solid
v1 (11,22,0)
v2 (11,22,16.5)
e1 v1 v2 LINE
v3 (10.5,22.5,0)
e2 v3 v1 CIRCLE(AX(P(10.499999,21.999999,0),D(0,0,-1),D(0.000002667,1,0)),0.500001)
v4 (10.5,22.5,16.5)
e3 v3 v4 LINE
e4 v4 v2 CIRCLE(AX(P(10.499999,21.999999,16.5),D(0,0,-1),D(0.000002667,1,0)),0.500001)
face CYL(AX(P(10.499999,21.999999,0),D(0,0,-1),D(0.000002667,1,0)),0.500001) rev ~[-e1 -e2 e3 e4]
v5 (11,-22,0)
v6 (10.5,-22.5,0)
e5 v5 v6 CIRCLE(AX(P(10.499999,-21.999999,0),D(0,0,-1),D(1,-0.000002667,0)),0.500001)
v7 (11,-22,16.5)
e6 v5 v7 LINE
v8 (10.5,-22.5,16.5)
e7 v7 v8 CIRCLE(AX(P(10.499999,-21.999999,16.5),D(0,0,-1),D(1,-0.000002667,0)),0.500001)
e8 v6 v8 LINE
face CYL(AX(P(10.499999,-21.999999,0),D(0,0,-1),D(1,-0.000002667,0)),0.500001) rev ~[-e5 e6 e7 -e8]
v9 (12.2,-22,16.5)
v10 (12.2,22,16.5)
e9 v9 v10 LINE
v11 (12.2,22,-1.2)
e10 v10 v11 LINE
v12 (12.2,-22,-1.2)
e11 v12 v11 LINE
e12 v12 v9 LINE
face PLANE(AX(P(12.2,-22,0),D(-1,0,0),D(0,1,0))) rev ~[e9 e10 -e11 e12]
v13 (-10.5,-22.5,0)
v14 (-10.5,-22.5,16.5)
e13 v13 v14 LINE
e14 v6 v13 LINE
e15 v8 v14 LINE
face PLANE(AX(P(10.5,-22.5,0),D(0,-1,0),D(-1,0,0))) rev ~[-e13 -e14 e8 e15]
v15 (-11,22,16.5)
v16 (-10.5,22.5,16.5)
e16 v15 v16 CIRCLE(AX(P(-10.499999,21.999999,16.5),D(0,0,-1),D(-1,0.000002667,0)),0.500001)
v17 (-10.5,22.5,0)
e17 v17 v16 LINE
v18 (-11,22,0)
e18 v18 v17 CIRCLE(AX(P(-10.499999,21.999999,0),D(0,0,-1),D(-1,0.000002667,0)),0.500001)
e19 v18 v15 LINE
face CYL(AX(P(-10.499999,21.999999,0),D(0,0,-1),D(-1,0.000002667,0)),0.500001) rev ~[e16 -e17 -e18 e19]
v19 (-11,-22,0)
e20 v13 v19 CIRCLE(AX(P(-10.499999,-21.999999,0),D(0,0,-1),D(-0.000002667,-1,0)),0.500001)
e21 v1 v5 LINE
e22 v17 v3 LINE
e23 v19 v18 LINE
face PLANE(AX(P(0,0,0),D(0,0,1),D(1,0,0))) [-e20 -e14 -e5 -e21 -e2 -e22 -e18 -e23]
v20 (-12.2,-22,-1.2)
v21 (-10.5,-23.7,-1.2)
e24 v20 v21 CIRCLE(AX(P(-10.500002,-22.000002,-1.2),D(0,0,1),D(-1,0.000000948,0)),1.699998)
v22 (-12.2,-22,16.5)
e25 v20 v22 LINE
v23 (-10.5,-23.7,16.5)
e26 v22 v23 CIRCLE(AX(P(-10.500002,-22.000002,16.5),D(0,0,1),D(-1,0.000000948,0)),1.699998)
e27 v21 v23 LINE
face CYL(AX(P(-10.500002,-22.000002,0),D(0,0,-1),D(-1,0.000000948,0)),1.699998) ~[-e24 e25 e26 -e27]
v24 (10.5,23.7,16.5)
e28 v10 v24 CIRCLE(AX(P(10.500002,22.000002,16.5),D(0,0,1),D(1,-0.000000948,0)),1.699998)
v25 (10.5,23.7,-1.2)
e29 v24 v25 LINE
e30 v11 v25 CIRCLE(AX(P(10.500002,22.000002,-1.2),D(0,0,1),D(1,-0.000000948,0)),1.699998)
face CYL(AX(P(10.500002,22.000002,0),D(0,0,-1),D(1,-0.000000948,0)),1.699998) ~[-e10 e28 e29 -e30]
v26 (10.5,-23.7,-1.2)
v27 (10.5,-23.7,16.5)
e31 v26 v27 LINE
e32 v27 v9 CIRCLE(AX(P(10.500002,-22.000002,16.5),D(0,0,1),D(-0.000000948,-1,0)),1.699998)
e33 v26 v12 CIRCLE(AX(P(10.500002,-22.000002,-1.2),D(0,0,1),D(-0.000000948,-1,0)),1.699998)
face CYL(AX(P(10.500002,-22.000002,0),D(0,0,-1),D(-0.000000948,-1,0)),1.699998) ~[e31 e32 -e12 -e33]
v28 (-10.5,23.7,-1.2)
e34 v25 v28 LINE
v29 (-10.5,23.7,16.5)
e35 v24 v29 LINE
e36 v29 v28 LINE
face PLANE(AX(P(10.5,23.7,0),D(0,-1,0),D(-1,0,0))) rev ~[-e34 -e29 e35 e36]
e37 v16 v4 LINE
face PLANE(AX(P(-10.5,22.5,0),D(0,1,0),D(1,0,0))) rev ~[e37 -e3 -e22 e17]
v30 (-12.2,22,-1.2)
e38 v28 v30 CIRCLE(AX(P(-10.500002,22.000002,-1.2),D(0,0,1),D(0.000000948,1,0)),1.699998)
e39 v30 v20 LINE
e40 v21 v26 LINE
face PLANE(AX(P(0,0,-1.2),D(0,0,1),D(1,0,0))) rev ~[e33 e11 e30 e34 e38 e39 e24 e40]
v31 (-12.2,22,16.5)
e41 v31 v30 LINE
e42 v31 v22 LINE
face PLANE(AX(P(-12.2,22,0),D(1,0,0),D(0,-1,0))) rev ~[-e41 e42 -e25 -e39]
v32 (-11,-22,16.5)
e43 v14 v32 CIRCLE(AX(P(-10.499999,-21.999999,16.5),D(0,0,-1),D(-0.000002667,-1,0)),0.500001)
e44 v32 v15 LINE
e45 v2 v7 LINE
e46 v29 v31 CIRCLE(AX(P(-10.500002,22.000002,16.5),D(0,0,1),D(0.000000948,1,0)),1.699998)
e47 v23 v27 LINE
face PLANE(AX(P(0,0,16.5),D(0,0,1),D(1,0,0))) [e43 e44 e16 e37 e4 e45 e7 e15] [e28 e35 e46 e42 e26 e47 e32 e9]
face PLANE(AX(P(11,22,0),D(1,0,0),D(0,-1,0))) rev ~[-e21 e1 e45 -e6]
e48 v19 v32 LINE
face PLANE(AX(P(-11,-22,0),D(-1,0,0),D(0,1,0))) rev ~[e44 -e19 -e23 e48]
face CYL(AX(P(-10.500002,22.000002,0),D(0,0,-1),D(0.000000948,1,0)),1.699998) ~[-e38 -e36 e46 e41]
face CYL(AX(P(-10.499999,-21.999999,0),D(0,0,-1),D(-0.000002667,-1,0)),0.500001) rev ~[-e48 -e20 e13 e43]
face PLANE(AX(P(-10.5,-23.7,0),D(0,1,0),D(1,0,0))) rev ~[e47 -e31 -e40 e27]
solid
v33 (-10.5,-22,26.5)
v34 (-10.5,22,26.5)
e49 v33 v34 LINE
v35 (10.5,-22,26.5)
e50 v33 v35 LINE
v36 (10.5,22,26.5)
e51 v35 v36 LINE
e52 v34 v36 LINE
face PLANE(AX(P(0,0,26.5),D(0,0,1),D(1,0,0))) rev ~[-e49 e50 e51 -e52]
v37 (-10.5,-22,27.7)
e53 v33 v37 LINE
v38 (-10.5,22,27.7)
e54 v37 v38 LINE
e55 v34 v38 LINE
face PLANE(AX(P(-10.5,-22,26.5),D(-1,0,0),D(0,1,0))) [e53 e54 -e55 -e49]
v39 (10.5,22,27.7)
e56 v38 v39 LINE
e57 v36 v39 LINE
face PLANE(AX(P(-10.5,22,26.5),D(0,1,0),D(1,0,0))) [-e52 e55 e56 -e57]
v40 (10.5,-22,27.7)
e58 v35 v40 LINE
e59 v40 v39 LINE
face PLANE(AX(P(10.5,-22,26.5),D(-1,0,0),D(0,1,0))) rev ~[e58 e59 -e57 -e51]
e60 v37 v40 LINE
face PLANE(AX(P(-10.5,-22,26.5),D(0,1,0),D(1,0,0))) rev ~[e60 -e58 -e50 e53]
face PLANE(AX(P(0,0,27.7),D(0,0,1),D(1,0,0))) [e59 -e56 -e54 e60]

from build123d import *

# Parameters (mm, degrees)
F1_DEPTH = 1.2
F2_DEPTH = 16.5
F4_W     = 21
F4_H     = 44
F5_DEPTH = 1.2


with BuildPart() as f1:
    # F0 (on Top) → F1 (new body)
    with BuildSketch(Plane.XY):
        with BuildLine():
            Line((-12.2, 22), (-12.2, -22))
            ThreePointArc((-12.2, -22), (-11.702082, -23.202082), (-10.5, -23.7))
            Line((-10.5, -23.7), (10.5, -23.7))
            ThreePointArc((10.5, -23.7), (11.702082, -23.202082), (12.2, -22))
            Line((12.2, -22), (12.2, 22))
            ThreePointArc((12.2, 22), (11.702082, 23.202082), (10.5, 23.7))
            Line((10.5, 23.7), (-10.5, 23.7))
            ThreePointArc((-10.5, 23.7), (-11.702082, 23.202082), (-12.2, 22))
        make_face()
        with BuildLine():
            ThreePointArc((11, -22), (10.853553, -22.353553), (10.5, -22.5))
            Line((10.5, -22.5), (-10.5, -22.5))
            ThreePointArc((-10.5, -22.5), (-10.853553, -22.353553), (-11, -22))
            Line((-11, -22), (-11, 22))
            ThreePointArc((-11, 22), (-10.853553, 22.353553), (-10.5, 22.5))
            Line((-10.5, 22.5), (10.5, 22.5))
            ThreePointArc((10.5, 22.5), (10.853553, 22.353553), (11, 22))
            Line((11, 22), (11, -22))
        make_face(mode=Mode.SUBTRACT)
        with BuildLine():
            Line((-10.5, -22.5), (10.5, -22.5))
            ThreePointArc((10.5, -22.5), (10.853553, -22.353553), (11, -22))
            Line((11, -22), (11, 22))
            ThreePointArc((11, 22), (10.853553, 22.353553), (10.5, 22.5))
            Line((10.5, 22.5), (-10.5, 22.5))
            ThreePointArc((-10.5, 22.5), (-10.853553, 22.353553), (-11, 22))
            Line((-11, 22), (-11, -22))
            ThreePointArc((-11, -22), (-10.853553, -22.353553), (-10.5, -22.5))
        make_face()
    extrude(amount=-F1_DEPTH)

    # F0 (on Top) → F2 (join)
    with BuildSketch(Plane.XY):
        with BuildLine():
            Line((-12.2, 22), (-12.2, -22))
            ThreePointArc((-12.2, -22), (-11.702082, -23.202082), (-10.5, -23.7))
            Line((-10.5, -23.7), (10.5, -23.7))
            ThreePointArc((10.5, -23.7), (11.702082, -23.202082), (12.2, -22))
            Line((12.2, -22), (12.2, 22))
            ThreePointArc((12.2, 22), (11.702082, 23.202082), (10.5, 23.7))
            Line((10.5, 23.7), (-10.5, 23.7))
            ThreePointArc((-10.5, 23.7), (-11.702082, 23.202082), (-12.2, 22))
        make_face()
        with BuildLine():
            ThreePointArc((11, -22), (10.853553, -22.353553), (10.5, -22.5))
            Line((10.5, -22.5), (-10.5, -22.5))
            ThreePointArc((-10.5, -22.5), (-10.853553, -22.353553), (-11, -22))
            Line((-11, -22), (-11, 22))
            ThreePointArc((-11, 22), (-10.853553, 22.353553), (-10.5, 22.5))
            Line((-10.5, 22.5), (10.5, 22.5))
            ThreePointArc((10.5, 22.5), (10.853553, 22.353553), (11, 22))
            Line((11, 22), (11, -22))
        make_face(mode=Mode.SUBTRACT)
    extrude(amount=F2_DEPTH)


with BuildPart() as f5:
    # F4 (on offset) → F5 (new body)
    with BuildSketch(Plane.XY.offset(26.5)):
        Rectangle(F4_W, F4_H)
    extrude(amount=F5_DEPTH)


solid = Compound([f1.part, f5.part])
